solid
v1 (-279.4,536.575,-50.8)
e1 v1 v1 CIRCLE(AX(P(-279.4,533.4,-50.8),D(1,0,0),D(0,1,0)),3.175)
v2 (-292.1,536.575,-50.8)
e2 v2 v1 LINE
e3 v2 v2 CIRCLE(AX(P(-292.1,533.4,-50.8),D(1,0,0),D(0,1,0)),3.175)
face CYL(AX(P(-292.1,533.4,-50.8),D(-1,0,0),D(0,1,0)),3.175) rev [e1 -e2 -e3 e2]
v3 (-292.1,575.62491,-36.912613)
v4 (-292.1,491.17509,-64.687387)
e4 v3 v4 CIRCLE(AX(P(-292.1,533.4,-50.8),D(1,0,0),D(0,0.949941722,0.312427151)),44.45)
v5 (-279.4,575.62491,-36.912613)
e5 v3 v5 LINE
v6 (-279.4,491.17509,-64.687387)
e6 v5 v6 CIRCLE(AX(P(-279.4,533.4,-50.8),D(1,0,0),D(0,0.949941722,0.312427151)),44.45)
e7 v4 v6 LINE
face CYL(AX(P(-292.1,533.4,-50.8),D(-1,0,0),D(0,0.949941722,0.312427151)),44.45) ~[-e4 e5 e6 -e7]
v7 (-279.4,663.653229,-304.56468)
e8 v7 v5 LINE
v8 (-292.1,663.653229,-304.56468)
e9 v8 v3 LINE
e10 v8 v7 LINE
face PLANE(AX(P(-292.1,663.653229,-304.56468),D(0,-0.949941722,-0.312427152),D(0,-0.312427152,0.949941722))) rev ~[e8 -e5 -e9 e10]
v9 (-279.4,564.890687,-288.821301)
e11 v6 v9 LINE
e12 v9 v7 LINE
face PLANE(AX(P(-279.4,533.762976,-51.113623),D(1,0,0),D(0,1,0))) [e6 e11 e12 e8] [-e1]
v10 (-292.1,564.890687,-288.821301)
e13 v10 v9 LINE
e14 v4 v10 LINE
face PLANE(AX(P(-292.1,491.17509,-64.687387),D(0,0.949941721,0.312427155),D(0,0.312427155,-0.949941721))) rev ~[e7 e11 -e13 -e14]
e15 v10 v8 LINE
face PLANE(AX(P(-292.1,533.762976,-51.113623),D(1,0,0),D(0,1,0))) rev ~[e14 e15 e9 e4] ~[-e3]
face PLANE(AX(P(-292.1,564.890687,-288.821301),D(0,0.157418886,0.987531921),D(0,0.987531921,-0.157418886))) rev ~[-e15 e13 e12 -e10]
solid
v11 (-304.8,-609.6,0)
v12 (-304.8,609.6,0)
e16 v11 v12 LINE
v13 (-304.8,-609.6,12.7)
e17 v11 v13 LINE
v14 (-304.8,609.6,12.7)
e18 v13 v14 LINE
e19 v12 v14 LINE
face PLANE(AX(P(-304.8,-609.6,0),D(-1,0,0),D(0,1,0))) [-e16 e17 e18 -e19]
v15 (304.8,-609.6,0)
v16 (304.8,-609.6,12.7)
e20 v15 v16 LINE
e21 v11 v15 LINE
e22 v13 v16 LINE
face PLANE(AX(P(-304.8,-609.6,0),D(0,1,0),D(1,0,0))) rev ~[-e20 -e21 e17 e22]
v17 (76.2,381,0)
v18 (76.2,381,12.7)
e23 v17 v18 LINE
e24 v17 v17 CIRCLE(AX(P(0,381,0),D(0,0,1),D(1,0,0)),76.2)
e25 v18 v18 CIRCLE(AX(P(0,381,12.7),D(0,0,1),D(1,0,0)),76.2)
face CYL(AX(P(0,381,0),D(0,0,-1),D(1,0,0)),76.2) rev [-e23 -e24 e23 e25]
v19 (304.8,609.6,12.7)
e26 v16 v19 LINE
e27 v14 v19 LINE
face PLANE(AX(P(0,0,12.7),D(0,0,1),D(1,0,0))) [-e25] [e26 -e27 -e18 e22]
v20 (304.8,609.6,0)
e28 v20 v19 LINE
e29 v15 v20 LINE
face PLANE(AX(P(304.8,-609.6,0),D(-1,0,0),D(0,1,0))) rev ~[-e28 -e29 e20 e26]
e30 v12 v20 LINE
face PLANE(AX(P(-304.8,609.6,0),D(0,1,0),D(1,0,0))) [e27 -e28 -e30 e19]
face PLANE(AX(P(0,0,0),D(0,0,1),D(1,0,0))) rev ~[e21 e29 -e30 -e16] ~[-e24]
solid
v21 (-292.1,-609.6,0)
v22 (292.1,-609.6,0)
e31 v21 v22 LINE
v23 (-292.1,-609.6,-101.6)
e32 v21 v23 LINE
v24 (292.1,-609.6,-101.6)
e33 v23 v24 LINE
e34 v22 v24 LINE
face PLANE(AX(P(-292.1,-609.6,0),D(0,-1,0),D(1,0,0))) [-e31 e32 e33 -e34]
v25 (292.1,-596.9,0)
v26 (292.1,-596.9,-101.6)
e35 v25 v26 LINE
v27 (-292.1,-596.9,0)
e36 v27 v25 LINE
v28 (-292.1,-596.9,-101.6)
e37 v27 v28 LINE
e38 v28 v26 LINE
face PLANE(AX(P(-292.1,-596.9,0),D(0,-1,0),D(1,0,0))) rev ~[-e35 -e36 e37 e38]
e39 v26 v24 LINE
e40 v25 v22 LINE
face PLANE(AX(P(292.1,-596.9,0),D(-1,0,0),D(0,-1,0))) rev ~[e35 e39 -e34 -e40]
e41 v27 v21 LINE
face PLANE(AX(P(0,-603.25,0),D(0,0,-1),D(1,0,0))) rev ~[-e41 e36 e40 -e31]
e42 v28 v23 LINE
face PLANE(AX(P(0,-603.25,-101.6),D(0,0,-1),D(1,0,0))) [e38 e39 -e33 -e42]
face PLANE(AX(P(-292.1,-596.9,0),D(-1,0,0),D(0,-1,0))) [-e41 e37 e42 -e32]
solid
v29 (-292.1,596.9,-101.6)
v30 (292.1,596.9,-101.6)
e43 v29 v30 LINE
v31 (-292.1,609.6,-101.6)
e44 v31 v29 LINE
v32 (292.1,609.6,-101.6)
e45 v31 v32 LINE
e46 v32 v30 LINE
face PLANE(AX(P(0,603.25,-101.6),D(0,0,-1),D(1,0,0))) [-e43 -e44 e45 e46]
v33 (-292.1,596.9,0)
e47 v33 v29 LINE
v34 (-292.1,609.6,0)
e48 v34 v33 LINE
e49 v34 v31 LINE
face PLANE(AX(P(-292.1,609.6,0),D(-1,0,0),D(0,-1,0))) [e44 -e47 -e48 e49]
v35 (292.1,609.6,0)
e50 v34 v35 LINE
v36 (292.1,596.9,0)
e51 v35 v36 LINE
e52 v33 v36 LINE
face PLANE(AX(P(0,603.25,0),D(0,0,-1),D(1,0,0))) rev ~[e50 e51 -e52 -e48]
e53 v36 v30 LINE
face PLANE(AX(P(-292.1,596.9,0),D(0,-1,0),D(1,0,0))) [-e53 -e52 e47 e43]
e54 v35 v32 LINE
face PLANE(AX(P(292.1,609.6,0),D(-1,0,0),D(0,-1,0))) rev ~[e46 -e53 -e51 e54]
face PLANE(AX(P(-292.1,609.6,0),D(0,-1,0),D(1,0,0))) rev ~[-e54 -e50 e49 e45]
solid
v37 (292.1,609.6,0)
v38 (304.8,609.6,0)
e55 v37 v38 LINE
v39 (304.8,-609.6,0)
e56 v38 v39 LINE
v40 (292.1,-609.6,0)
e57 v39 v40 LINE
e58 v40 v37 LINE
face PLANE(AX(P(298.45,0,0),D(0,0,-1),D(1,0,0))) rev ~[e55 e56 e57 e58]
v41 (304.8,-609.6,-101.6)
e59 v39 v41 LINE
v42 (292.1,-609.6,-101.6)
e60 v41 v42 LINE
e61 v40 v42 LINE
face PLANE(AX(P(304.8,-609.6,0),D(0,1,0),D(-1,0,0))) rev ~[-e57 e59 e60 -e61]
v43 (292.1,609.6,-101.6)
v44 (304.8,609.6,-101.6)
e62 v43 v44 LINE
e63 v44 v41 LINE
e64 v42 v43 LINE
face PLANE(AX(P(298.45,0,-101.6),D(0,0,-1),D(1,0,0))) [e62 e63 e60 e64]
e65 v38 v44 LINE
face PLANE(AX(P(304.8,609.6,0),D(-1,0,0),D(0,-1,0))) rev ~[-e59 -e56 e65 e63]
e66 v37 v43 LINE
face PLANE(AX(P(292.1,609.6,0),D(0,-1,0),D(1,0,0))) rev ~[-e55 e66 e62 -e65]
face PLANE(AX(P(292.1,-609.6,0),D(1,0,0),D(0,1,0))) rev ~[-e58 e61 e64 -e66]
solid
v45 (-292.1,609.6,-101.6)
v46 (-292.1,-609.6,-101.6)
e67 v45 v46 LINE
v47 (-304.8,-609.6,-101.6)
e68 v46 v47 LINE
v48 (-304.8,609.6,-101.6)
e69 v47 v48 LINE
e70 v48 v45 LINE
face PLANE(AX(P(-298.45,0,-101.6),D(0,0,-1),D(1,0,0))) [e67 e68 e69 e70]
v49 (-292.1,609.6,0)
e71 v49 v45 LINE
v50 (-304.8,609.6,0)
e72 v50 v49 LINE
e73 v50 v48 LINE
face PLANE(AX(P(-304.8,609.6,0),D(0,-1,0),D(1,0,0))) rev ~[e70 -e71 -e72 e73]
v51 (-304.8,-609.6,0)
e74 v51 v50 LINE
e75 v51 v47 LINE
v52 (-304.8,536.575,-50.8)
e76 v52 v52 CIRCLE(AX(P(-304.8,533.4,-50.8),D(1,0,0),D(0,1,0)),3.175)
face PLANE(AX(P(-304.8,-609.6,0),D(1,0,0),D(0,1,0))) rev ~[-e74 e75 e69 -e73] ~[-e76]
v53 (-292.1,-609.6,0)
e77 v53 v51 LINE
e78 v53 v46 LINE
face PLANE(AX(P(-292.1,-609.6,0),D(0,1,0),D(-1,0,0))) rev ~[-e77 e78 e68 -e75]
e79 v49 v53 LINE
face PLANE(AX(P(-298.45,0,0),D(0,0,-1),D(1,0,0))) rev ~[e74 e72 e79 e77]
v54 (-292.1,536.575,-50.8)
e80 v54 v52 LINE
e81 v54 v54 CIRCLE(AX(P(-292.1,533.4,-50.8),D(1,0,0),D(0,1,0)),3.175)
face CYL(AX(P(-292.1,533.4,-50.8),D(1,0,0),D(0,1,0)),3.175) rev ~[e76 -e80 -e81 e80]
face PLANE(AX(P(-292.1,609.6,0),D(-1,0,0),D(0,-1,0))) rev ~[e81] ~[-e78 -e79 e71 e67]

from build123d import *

# Parameters (mm, degrees)
F0_W     = 609.6
F0_H     = 1219.2
F0_R     = 76.2
F1_DEPTH = 12.7
F3_DEPTH = 101.6
F2_W     = 584.2
F2_H     = 12.7
F4_DEPTH = 101.6
F5_R     = 3.175
F6_DEPTH = 12.7
F7_R     = 3.175
F8_DEPTH = 12.701


with BuildPart() as f1:
    # F0 (on Top) → F1 (new body)
    with BuildSketch(Plane.XY):
        Rectangle(F0_W, F0_H)
        with Locations((0, 381)):
            Circle(F0_R, mode=Mode.SUBTRACT)
    extrude(amount=F1_DEPTH)


with BuildPart() as f3:
    # F2 (on face) → F3 (new body)
    with BuildSketch(Plane(origin=(0, 0, 0), x_dir=(1, 0, 0), z_dir=(0, 0, -1))):
        Polygon((-292.1, 609.6), (-304.8, 609.6), (-304.8, -609.6), (-292.1, -609.6), (-292.1, -596.9), (-292.1, 596.9), align=None)
        Polygon((304.8, 609.6), (292.1, 609.6), (292.1, 596.9), (292.1, -596.9), (292.1, -609.6), (304.8, -609.6), align=None)
    extrude(amount=F3_DEPTH)

    # F7 (on face) → F8 (cut, through all)
    with BuildSketch(Plane.YZ.offset(-292.1)):
        with Locations((533.4, -50.8)):
            Circle(F7_R)
    extrude(amount=-F8_DEPTH, mode=Mode.SUBTRACT)


with BuildPart() as f4:
    # F2 (on face) → F4 (new body)
    with BuildSketch(Plane(origin=(0, 0, 0), x_dir=(1, 0, 0), z_dir=(0, 0, -1))):
        with Locations((0, 603.25)):
            Rectangle(F2_W, F2_H)
        with Locations((0, -603.25)):
            Rectangle(F2_W, F2_H)
    extrude(amount=F4_DEPTH)


with BuildPart() as f6:
    # F5 (on face) → F6 (new body)
    with BuildSketch(Plane.YZ.offset(-292.1)):
        with BuildLine():
            ThreePointArc((491.17509, -64.687387), (540.432257, -94.690202), (577.85, -50.8))
            ThreePointArc((577.85, -50.8), (577.290202, -43.767743), (575.62491, -36.912613))
            ThreePointArc((575.62491, -36.912613), (519.512613, -8.57509), (491.17509, -64.687387))
        make_face()
        with Locations((533.4, -50.8)):
            Circle(F5_R, mode=Mode.SUBTRACT)
        with BuildLine():
            ThreePointArc((575.62491, -36.912613), (577.290202, -43.767743), (577.85, -50.8))
            ThreePointArc((577.85, -50.8), (540.432257, -94.690202), (491.17509, -64.687387))
            Line((491.17509, -64.687387), (564.890687, -288.821301))
            Line((564.890687, -288.821301), (663.653229, -304.56468))
            Line((663.653229, -304.56468), (575.62491, -36.912613))
        make_face()
    extrude(amount=F6_DEPTH)


solid = Compound([f1.part, f3.part, f4.part, f6.part])
